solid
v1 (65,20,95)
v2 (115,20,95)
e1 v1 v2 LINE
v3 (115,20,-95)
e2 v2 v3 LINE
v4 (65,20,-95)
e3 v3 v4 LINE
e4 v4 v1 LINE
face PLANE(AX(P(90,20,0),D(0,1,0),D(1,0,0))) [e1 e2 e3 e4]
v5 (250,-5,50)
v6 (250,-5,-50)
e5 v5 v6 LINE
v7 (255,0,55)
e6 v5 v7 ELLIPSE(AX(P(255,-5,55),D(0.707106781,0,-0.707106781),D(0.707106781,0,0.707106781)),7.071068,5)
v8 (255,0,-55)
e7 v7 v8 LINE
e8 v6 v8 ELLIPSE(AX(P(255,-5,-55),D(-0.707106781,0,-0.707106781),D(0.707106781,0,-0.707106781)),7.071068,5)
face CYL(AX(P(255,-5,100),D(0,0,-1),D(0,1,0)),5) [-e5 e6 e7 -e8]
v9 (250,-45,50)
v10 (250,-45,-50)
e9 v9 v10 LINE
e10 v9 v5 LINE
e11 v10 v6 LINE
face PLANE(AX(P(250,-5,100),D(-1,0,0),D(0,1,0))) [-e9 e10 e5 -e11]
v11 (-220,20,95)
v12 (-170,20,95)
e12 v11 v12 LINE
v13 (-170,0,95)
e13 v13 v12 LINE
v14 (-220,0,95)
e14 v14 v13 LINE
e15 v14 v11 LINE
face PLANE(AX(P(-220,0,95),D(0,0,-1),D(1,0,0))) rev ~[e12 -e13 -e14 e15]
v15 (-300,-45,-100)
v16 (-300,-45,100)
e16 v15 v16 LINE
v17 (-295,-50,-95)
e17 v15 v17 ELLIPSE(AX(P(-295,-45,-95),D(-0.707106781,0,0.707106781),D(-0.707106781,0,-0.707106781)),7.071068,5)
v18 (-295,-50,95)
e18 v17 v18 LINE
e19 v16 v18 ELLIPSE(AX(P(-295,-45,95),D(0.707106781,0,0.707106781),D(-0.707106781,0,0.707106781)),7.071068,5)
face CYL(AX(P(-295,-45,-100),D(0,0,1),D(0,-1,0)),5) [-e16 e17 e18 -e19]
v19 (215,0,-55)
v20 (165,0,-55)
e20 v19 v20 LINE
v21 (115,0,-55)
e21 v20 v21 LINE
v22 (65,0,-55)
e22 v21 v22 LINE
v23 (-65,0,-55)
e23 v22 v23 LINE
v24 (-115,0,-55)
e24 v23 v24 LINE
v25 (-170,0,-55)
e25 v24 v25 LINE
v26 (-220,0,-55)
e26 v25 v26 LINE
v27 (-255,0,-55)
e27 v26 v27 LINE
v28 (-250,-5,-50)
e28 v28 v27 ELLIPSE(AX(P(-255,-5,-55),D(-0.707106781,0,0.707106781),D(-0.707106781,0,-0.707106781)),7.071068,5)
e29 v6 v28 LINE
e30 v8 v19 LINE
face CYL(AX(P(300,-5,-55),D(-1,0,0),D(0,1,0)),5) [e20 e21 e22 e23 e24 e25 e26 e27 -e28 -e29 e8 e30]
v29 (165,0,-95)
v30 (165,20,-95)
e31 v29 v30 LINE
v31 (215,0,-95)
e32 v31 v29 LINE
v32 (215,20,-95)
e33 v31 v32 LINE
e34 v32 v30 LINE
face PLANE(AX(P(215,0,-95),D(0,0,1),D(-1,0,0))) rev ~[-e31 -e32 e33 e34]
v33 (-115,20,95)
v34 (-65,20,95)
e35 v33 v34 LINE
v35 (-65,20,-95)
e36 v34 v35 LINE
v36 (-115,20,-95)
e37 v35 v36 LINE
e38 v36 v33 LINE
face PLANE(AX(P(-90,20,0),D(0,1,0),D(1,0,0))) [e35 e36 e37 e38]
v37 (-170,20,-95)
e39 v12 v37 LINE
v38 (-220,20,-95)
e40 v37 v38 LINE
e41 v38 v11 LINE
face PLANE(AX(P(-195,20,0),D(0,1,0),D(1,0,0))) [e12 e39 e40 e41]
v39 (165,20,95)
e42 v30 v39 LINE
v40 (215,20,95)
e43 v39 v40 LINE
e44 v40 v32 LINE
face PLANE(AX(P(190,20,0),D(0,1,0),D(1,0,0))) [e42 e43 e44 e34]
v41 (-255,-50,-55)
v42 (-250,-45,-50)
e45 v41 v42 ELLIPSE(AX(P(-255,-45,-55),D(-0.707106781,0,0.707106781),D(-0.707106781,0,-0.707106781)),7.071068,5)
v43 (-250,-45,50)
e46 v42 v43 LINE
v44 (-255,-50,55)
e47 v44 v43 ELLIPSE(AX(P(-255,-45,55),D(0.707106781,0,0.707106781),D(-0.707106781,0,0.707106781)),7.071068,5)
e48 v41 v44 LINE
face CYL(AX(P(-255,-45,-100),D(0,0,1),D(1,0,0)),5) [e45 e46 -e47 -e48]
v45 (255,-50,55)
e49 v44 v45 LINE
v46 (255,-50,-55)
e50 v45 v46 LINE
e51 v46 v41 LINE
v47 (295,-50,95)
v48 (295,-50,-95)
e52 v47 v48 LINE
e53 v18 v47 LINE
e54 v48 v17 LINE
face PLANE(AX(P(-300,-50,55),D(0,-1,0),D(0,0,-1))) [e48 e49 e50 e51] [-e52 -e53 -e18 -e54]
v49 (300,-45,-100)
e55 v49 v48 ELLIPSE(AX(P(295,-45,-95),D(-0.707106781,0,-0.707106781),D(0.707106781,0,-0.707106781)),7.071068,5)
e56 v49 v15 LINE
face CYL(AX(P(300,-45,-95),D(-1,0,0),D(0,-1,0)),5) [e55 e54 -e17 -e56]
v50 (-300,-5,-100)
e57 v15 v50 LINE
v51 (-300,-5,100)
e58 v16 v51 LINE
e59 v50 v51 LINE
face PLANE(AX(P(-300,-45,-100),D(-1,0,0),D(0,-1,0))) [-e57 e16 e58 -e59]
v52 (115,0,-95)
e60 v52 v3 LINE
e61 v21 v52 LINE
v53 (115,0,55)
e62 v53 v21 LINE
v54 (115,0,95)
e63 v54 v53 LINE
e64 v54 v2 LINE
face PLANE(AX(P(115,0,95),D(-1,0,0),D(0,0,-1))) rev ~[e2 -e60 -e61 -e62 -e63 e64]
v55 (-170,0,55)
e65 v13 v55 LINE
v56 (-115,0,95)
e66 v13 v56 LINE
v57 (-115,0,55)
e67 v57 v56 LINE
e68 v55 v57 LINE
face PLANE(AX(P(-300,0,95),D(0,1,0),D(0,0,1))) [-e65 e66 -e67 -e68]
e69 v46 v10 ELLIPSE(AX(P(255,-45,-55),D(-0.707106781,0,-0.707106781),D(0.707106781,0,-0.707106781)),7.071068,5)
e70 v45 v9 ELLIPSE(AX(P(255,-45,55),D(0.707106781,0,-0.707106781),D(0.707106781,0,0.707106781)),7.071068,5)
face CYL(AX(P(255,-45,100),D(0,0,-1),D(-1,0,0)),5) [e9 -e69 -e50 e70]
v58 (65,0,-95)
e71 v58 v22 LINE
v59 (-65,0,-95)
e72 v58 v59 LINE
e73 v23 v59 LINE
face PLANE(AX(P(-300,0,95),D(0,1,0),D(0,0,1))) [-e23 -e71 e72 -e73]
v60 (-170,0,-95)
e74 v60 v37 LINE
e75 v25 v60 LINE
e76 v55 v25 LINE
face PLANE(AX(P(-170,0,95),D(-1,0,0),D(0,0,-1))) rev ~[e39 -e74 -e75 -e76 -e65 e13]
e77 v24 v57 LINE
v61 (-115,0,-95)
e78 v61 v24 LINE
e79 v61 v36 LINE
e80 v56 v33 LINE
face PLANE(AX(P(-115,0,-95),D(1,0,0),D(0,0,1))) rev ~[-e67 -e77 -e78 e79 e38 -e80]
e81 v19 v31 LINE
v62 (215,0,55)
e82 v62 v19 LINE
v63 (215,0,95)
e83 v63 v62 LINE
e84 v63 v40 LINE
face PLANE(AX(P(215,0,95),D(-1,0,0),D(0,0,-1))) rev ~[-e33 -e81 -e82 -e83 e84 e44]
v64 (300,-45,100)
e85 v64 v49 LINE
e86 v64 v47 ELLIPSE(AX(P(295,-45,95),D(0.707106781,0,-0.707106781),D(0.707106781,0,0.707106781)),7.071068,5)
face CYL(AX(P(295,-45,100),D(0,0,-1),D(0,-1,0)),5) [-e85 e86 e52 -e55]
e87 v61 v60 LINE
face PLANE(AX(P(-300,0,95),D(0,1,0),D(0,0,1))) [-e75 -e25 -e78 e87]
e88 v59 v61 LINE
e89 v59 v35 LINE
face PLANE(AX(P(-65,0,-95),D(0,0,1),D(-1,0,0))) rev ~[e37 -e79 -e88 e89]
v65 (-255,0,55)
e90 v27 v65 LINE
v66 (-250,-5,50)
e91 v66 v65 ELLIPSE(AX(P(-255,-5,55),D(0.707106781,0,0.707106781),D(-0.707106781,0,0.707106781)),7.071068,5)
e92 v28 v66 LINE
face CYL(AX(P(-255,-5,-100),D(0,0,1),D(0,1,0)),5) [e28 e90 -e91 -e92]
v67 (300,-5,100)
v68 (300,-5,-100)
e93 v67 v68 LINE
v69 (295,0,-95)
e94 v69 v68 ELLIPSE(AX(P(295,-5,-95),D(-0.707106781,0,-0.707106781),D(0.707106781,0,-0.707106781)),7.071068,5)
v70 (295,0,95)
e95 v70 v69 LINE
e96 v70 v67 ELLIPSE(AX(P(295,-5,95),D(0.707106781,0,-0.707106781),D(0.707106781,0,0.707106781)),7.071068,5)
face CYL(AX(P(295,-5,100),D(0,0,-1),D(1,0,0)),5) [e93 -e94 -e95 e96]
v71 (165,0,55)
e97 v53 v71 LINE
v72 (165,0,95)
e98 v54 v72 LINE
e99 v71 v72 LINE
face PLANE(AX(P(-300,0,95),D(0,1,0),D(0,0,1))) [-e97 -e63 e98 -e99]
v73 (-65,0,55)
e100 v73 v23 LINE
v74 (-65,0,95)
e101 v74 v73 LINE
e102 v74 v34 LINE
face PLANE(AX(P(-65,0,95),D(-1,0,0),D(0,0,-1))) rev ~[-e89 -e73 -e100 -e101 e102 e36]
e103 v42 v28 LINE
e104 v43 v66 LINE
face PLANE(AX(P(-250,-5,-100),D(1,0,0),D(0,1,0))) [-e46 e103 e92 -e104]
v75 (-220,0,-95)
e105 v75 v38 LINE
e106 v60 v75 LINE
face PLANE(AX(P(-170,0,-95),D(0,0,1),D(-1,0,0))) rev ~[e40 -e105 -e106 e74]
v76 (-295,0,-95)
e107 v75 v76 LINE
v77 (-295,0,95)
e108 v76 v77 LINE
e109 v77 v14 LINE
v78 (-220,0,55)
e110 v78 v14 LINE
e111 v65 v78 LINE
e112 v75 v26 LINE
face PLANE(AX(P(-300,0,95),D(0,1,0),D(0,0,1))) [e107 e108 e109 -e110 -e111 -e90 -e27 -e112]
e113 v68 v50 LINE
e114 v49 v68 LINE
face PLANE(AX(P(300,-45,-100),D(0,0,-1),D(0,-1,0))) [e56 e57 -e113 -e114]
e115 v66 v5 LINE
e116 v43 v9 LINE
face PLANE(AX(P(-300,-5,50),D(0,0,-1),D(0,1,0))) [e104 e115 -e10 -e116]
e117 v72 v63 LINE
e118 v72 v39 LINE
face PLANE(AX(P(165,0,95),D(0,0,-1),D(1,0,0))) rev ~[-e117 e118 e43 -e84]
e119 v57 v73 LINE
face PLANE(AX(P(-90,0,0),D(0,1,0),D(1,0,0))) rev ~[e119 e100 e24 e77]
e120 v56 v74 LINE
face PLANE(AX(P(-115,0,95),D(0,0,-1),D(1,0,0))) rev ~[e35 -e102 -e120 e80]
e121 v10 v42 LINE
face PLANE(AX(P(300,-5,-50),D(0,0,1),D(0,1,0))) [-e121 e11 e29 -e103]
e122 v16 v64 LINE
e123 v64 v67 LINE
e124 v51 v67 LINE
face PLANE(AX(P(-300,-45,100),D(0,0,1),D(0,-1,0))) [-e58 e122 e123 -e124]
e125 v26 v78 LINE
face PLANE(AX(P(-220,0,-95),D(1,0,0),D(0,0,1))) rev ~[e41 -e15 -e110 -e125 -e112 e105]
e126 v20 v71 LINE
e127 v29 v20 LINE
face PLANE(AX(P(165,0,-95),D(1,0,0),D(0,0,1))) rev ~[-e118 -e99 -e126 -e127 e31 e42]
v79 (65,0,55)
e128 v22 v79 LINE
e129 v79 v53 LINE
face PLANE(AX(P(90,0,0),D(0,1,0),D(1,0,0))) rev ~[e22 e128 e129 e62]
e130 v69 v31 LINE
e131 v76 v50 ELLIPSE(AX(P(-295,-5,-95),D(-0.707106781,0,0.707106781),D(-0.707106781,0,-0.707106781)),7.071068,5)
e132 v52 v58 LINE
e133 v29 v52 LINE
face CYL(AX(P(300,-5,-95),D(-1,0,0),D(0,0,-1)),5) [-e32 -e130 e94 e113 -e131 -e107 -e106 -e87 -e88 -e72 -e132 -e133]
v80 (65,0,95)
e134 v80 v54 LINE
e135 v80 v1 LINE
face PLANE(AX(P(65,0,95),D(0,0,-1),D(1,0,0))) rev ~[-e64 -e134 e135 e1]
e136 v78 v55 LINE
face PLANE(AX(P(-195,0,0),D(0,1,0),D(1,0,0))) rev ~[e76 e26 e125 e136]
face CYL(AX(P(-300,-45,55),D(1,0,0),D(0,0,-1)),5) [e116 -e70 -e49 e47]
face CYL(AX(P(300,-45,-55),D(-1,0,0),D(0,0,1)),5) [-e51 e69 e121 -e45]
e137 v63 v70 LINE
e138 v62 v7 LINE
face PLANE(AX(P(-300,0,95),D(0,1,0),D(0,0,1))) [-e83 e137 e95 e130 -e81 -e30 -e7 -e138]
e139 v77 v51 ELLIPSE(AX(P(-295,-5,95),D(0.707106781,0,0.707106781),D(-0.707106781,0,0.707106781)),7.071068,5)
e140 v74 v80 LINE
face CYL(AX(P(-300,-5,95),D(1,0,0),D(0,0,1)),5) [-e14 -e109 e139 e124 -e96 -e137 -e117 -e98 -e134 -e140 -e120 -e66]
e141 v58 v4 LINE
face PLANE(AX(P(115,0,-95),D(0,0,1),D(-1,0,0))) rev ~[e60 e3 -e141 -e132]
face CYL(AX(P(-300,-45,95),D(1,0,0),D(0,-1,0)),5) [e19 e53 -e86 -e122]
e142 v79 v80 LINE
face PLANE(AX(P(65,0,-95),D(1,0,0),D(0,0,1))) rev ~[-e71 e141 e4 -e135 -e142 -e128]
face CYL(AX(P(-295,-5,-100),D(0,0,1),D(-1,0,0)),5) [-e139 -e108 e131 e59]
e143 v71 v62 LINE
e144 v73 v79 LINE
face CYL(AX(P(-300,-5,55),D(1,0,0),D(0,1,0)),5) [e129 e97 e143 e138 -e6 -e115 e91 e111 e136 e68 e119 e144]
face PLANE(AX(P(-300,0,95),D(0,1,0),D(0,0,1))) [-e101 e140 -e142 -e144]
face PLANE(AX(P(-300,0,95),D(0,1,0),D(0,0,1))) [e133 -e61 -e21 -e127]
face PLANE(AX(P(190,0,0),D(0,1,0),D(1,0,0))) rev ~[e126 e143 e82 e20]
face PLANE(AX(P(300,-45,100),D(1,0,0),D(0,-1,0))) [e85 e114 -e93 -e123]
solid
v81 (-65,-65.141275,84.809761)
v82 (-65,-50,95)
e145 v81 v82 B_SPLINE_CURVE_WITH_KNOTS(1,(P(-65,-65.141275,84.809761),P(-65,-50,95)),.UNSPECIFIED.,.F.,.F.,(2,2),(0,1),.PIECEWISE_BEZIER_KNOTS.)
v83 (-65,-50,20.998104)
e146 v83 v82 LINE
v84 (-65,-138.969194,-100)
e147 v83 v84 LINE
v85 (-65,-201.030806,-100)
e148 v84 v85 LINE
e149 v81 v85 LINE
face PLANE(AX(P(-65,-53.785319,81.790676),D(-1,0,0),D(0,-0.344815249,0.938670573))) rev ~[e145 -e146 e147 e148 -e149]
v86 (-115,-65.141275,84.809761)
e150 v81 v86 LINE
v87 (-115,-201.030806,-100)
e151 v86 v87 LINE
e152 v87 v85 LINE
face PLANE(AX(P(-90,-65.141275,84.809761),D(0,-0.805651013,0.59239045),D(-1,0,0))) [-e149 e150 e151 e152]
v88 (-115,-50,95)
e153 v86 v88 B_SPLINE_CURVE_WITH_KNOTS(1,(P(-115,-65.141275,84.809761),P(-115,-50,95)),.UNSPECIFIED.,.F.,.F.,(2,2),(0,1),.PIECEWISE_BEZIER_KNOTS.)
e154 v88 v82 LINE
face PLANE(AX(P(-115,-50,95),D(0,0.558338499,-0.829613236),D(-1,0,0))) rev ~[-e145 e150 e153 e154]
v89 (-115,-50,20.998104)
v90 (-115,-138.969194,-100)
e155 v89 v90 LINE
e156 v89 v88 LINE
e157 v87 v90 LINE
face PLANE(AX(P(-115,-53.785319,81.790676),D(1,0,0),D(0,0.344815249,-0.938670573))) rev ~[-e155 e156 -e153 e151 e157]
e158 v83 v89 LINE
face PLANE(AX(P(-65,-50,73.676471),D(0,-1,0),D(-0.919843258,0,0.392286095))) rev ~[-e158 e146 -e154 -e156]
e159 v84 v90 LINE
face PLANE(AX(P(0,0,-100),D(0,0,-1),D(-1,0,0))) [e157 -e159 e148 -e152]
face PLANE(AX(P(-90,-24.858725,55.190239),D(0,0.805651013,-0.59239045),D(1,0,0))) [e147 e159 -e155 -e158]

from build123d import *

# Parameters (mm, degrees)
SKETCH5_W           = 50.00000000000001
SKETCH5_H           = 50
SKETCH10_W          = 846.4866201904617
SKETCH10_H          = 361.1409219051918
CUT_EXTRUDE1_DEPTH  = 402.55848422828825
SKETCH12_W          = 1370.912564730276
SKETCH12_H          = 1025.6443891593005
CUT_EXTRUDE2_DEPTH  = 435.26163944528145
BOSS_EXTRUDE1_DEPTH = 20


with BuildPart() as part:
    # Sweep1: sweep along a path in Sketch1
    with BuildLine(Plane(origin=(0, 0, 0), x_dir=(1, 0, 0), z_dir=(0, 1, 0))) as sweep1_path:
        Line((-299.99999999999994, -99.99999999999997), (300.00000000000006, -99.99999999999997))
        Line((300.00000000000006, -99.99999999999997), (300.00000000000006, 100.00000000000003))
        Line((300.00000000000006, 100.00000000000003), (-299.99999999999994, 100.00000000000003))
        Line((-299.99999999999994, 100.00000000000003), (-299.99999999999994, -99.99999999999997))
    # Sketch2 → Sweep1 (sweep)
    with BuildSketch(Plane(origin=(0, 0, 0), x_dir=(0, 0, -1), z_dir=(1, 0, 0))):
        with BuildLine():
            Line((-94.99999999999994, 0), (-55.00000000000001, 0))
            ThreePointArc((-55.00000000000001, 0), (-51.464466094067234, -1.4644660940672622), (-49.99999999999997, -5.000000000000035))
            Line((-49.99999999999997, -5.000000000000035), (-49.99999999999997, -44.99999999999997))
            ThreePointArc((-49.99999999999997, -44.99999999999997), (-51.464466094067234, -48.535533905932745), (-55.00000000000001, -50))
            Line((-55.00000000000001, -50), (-94.99999999999994, -50))
            ThreePointArc((-94.99999999999994, -50), (-98.53553390593271, -48.53553390593274), (-99.99999999999997, -44.99999999999997))
            Line((-99.99999999999997, -44.99999999999997), (-99.99999999999997, -5.0000000000000355))
            ThreePointArc((-99.99999999999997, -5.0000000000000355), (-98.53553390593271, -1.4644660940672654), (-94.99999999999994, 0))
        make_face()
    sweep(path=sweep1_path.line, transition=Transition.RIGHT)

    # Sketch13 → Boss-Extrude1 (add)
    with BuildSketch(Plane(origin=(0, 0, 0), x_dir=(1, 0, 0), z_dir=(0, 1, 0))):
        Polygon((-219.99999999999991, -94.99999999999991), (-169.99999999999994, -94.99999999999991), (-169.99999999999994, 94.99999999999993), (-219.99999999999991, 94.99999999999994), align=None)
        Polygon((-114.99999999999989, -94.99999999999991), (-64.99999999999991, -94.99999999999991), (-64.99999999999989, 94.99999999999993), (-114.9999999999999, 94.99999999999999), align=None)
        Polygon((64.99999999999997, -94.99999999999994), (114.99999999999997, -94.99999999999994), (114.99999999999997, 94.99999999999994), (64.99999999999997, 94.99999999999993), align=None)
        Polygon((164.99999999999997, -94.99999999999994), (214.99999999999997, -94.99999999999994), (214.99999999999997, 94.99999999999993), (164.99999999999997, 94.99999999999994), align=None)
    extrude(amount=BOSS_EXTRUDE1_DEPTH)


with BuildPart() as body_2:
    # Sweep3: sweep along a path in Sketch3
    with BuildLine(Plane.ZY.offset(89.99999999999994)) as sweep3_path:
        Line((69.99999999999999, -44.99999999999994), (-170.5817313387843, -221.8983318667533))
    # Sketch5 → Sweep3 (sweep)
    with BuildSketch(Plane(origin=(-89.99999999999994, -44.999999999999964, 70), x_dir=(-1, 0, 0), z_dir=(0, -0.5923904504775186, -0.8056510126494241))):
        Rectangle(SKETCH5_W, SKETCH5_H)
    sweep(path=sweep3_path.line)

    # Sketch10 → Cut-Extrude1 (cut, through all)
    with BuildSketch(Plane.XZ.offset(50)):
        Rectangle(SKETCH10_W, SKETCH10_H)
    extrude(amount=-CUT_EXTRUDE1_DEPTH, mode=Mode.SUBTRACT)

    # Sketch11 → section 1 of loft1
    with BuildSketch(Plane.XZ.offset(50), mode=Mode.PRIVATE) as loft1_s1:
        with BuildLine():
            Line((-114.99999999999993, 73.67647058823533), (-114.99999999999993, 94.99999999999991))
            Line((-114.99999999999993, 94.99999999999991), (-64.99999999999994, 94.99999999999991))
            Line((-64.99999999999994, 94.99999999999991), (-64.99999999999994, 73.67647058823533))
            Line((-64.99999999999994, 73.67647058823533), (-114.99999999999993, 73.67647058823533))
        make_face()
    # loft from a face of the part (loft1)
    loft([body_2.faces().sort_by_distance((-89.99999999999993, -57.57063765811777, 79.24311592508671))[0], loft1_s1.sketch])

    # Sketch12 → Cut-Extrude2 (cut, through all)
    with BuildSketch(Plane(origin=(0, 0, -100), x_dir=(-1, 0, 0), z_dir=(0, 0, -1))):
        Rectangle(SKETCH12_W, SKETCH12_H)
    extrude(amount=CUT_EXTRUDE2_DEPTH, mode=Mode.SUBTRACT)


solid = Compound([part.part, body_2.part])
